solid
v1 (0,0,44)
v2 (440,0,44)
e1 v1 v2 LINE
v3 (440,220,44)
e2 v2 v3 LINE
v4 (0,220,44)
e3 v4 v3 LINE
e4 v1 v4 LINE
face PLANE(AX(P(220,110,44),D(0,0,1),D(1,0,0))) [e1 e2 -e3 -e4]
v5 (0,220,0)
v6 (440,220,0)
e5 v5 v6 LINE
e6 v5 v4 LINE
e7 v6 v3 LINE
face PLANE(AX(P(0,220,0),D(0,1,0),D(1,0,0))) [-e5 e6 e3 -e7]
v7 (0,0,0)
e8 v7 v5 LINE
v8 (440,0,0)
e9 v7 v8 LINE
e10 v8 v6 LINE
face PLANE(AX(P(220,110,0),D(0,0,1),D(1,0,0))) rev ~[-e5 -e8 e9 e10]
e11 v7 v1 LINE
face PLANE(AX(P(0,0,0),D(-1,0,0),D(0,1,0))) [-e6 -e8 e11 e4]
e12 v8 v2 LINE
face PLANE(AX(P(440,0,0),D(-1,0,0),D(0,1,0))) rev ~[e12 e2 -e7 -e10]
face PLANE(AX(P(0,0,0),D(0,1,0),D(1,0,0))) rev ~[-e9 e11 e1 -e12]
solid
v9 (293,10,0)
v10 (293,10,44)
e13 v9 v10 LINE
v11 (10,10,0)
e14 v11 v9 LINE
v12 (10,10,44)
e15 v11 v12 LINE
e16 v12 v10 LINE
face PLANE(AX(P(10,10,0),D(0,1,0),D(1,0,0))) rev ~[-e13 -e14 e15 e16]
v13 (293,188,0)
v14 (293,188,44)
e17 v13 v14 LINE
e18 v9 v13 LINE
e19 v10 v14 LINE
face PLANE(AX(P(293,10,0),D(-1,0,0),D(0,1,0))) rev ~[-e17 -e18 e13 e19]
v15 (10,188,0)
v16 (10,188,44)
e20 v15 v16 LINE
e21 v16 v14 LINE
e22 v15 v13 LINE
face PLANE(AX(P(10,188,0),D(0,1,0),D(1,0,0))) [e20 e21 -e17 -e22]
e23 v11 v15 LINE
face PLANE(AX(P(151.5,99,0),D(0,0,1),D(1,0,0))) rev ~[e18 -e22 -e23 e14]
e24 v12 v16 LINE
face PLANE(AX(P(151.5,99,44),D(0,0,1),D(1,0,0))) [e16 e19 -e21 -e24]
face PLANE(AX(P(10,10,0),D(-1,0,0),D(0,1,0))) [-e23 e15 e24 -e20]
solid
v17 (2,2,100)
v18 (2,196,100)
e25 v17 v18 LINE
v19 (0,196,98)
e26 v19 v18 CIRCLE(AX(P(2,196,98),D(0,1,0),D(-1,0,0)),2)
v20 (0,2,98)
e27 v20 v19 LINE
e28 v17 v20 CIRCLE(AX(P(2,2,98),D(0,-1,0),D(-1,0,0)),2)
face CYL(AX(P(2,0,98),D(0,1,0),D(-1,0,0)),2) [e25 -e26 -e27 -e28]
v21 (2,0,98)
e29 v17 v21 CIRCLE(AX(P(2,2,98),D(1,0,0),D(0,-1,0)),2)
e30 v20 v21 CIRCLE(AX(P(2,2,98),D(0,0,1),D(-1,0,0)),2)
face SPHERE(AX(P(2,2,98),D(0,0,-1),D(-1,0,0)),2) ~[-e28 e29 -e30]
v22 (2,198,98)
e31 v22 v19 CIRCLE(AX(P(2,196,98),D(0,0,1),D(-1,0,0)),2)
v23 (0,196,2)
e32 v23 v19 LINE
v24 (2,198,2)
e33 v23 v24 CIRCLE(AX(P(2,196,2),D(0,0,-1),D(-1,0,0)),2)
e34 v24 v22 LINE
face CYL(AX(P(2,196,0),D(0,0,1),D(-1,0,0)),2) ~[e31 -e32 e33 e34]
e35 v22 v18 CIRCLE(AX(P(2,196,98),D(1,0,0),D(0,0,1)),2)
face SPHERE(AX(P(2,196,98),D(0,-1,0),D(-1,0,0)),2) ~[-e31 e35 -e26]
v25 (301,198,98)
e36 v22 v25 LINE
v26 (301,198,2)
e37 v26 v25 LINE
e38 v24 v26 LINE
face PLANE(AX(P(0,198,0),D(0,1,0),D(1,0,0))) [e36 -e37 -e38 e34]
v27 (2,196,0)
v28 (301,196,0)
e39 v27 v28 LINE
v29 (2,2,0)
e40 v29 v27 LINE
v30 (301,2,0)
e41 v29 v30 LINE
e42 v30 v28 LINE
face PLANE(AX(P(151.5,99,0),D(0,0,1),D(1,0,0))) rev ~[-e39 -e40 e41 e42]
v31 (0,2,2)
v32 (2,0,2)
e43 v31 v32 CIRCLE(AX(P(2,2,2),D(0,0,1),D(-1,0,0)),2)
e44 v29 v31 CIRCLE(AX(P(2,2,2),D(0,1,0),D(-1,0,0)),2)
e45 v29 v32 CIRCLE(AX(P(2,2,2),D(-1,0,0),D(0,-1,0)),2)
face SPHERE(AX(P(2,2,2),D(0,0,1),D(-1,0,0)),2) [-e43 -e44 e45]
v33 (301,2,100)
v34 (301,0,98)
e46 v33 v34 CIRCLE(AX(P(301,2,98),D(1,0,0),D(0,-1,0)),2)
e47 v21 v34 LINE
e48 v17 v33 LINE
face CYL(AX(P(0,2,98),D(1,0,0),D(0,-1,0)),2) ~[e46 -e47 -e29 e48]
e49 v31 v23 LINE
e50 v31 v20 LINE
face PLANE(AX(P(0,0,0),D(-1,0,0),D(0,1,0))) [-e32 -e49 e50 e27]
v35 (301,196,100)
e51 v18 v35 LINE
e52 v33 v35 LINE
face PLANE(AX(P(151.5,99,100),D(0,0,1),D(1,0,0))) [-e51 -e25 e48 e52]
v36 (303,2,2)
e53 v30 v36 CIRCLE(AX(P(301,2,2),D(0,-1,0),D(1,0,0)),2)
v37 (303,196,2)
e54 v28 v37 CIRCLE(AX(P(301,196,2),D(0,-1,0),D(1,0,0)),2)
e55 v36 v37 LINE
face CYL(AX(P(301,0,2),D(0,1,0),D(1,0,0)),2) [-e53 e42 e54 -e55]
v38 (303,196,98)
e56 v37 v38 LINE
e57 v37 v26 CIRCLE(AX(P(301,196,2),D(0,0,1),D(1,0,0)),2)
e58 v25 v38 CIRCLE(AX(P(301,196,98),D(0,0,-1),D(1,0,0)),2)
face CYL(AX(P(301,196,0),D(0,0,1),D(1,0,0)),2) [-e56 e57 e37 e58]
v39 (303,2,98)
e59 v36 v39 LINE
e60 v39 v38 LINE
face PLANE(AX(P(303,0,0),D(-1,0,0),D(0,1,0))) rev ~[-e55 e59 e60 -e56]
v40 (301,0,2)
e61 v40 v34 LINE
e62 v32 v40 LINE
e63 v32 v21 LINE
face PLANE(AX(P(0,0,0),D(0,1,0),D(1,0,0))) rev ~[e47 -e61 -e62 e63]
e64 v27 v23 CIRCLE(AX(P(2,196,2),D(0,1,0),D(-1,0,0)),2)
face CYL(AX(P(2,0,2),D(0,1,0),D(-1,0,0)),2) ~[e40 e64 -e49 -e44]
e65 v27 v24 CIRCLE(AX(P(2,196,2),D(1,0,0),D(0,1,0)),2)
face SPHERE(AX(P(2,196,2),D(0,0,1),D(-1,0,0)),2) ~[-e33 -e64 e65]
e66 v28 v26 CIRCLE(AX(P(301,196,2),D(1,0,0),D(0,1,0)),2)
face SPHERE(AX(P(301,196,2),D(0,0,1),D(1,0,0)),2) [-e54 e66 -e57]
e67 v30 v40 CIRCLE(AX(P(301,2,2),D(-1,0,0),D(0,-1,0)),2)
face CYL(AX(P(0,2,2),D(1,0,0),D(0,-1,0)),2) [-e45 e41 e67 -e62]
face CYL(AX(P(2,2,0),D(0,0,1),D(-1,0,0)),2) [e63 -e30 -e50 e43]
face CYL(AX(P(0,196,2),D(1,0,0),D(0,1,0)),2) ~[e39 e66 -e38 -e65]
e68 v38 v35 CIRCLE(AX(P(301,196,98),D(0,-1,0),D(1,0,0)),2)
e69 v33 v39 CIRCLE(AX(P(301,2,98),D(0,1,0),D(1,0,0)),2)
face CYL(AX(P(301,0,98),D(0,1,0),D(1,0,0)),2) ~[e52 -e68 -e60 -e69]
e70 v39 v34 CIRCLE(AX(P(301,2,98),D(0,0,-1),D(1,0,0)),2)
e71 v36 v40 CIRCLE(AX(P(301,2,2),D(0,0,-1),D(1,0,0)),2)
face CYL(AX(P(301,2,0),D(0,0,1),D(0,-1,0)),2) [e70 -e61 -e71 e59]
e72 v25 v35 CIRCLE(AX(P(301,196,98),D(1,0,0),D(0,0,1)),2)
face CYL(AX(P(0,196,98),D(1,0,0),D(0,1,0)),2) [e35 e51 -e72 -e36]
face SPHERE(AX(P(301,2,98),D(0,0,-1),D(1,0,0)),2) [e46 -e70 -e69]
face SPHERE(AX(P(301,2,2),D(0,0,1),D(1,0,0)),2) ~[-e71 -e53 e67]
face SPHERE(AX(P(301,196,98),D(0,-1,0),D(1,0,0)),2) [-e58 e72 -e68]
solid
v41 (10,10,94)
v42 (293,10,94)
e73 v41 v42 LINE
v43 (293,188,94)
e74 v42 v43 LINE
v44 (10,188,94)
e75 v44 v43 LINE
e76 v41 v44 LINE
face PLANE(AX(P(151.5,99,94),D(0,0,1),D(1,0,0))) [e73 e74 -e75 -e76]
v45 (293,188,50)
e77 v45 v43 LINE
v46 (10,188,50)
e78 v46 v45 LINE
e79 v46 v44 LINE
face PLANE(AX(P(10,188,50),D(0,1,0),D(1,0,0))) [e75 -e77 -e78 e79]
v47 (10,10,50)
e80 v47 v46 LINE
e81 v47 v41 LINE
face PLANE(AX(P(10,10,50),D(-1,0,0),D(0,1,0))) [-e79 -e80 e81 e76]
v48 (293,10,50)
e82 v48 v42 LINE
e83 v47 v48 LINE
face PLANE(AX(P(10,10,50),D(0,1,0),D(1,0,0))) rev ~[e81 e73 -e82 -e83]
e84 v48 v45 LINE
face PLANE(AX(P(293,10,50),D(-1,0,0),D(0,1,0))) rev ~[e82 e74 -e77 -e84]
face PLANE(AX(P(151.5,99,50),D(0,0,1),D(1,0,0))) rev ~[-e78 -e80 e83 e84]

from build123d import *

# Parameters (mm, degrees)
BOX_W        = 440
BOX_H        = 220
BOX_DEPTH    = 44
BOX001_W     = 283
BOX001_H     = 178
BOX001_DEPTH = 44
BOX003_W     = 283
BOX003_H     = 178
BOX003_DEPTH = 44
BOX002_W     = 303
BOX002_H     = 198
BOX002_DEPTH = 100
FILLET_R     = 2


with BuildPart() as f_48switcher:
    # Box → Box (new body)
    with BuildSketch(Plane.XY):
        with Locations((220, 110)):
            Rectangle(BOX_W, BOX_H)
    extrude(amount=BOX_DEPTH)


with BuildPart() as f_24swicher1:
    # Box001 → Box001 (new body)
    with BuildSketch(Plane(origin=(10, 10, 50), x_dir=(1, 0, 0), z_dir=(0, 0, 1))):
        with Locations((141.5, 89)):
            Rectangle(BOX001_W, BOX001_H)
    extrude(amount=BOX001_DEPTH)


with BuildPart() as f_24swicher2:
    # Box003 → Box003 (new body)
    with BuildSketch(Plane(origin=(10, 10, 0), x_dir=(1, 0, 0), z_dir=(0, 0, 1))):
        with Locations((141.5, 89)):
            Rectangle(BOX003_W, BOX003_H)
    extrude(amount=BOX003_DEPTH)


with BuildPart() as fillet_body:
    # Box002 → Box002 (new body)
    with BuildSketch(Plane.XY):
        with Locations((151.5, 99)):
            Rectangle(BOX002_W, BOX002_H)
    extrude(amount=BOX002_DEPTH)

    # Fillet
    fillet_edges = [fillet_body.edges().sort_by_distance(p)[0] for p in [
        (0, 0, 50),
        (0, 99, 100),
        (0, 198, 50),
        (0, 99, 0),
        (303, 0, 50),
        (303, 99, 100),
        (303, 198, 50),
        (303, 99, 0),
        (151.5, 0, 0),
        (151.5, 0, 100),
        (151.5, 198, 0),
        (151.5, 198, 100),
    ]]
    fillet(fillet_edges, radius=FILLET_R)


solid = Compound([f_48switcher.part, f_24swicher1.part, f_24swicher2.part, fillet_body.part])
